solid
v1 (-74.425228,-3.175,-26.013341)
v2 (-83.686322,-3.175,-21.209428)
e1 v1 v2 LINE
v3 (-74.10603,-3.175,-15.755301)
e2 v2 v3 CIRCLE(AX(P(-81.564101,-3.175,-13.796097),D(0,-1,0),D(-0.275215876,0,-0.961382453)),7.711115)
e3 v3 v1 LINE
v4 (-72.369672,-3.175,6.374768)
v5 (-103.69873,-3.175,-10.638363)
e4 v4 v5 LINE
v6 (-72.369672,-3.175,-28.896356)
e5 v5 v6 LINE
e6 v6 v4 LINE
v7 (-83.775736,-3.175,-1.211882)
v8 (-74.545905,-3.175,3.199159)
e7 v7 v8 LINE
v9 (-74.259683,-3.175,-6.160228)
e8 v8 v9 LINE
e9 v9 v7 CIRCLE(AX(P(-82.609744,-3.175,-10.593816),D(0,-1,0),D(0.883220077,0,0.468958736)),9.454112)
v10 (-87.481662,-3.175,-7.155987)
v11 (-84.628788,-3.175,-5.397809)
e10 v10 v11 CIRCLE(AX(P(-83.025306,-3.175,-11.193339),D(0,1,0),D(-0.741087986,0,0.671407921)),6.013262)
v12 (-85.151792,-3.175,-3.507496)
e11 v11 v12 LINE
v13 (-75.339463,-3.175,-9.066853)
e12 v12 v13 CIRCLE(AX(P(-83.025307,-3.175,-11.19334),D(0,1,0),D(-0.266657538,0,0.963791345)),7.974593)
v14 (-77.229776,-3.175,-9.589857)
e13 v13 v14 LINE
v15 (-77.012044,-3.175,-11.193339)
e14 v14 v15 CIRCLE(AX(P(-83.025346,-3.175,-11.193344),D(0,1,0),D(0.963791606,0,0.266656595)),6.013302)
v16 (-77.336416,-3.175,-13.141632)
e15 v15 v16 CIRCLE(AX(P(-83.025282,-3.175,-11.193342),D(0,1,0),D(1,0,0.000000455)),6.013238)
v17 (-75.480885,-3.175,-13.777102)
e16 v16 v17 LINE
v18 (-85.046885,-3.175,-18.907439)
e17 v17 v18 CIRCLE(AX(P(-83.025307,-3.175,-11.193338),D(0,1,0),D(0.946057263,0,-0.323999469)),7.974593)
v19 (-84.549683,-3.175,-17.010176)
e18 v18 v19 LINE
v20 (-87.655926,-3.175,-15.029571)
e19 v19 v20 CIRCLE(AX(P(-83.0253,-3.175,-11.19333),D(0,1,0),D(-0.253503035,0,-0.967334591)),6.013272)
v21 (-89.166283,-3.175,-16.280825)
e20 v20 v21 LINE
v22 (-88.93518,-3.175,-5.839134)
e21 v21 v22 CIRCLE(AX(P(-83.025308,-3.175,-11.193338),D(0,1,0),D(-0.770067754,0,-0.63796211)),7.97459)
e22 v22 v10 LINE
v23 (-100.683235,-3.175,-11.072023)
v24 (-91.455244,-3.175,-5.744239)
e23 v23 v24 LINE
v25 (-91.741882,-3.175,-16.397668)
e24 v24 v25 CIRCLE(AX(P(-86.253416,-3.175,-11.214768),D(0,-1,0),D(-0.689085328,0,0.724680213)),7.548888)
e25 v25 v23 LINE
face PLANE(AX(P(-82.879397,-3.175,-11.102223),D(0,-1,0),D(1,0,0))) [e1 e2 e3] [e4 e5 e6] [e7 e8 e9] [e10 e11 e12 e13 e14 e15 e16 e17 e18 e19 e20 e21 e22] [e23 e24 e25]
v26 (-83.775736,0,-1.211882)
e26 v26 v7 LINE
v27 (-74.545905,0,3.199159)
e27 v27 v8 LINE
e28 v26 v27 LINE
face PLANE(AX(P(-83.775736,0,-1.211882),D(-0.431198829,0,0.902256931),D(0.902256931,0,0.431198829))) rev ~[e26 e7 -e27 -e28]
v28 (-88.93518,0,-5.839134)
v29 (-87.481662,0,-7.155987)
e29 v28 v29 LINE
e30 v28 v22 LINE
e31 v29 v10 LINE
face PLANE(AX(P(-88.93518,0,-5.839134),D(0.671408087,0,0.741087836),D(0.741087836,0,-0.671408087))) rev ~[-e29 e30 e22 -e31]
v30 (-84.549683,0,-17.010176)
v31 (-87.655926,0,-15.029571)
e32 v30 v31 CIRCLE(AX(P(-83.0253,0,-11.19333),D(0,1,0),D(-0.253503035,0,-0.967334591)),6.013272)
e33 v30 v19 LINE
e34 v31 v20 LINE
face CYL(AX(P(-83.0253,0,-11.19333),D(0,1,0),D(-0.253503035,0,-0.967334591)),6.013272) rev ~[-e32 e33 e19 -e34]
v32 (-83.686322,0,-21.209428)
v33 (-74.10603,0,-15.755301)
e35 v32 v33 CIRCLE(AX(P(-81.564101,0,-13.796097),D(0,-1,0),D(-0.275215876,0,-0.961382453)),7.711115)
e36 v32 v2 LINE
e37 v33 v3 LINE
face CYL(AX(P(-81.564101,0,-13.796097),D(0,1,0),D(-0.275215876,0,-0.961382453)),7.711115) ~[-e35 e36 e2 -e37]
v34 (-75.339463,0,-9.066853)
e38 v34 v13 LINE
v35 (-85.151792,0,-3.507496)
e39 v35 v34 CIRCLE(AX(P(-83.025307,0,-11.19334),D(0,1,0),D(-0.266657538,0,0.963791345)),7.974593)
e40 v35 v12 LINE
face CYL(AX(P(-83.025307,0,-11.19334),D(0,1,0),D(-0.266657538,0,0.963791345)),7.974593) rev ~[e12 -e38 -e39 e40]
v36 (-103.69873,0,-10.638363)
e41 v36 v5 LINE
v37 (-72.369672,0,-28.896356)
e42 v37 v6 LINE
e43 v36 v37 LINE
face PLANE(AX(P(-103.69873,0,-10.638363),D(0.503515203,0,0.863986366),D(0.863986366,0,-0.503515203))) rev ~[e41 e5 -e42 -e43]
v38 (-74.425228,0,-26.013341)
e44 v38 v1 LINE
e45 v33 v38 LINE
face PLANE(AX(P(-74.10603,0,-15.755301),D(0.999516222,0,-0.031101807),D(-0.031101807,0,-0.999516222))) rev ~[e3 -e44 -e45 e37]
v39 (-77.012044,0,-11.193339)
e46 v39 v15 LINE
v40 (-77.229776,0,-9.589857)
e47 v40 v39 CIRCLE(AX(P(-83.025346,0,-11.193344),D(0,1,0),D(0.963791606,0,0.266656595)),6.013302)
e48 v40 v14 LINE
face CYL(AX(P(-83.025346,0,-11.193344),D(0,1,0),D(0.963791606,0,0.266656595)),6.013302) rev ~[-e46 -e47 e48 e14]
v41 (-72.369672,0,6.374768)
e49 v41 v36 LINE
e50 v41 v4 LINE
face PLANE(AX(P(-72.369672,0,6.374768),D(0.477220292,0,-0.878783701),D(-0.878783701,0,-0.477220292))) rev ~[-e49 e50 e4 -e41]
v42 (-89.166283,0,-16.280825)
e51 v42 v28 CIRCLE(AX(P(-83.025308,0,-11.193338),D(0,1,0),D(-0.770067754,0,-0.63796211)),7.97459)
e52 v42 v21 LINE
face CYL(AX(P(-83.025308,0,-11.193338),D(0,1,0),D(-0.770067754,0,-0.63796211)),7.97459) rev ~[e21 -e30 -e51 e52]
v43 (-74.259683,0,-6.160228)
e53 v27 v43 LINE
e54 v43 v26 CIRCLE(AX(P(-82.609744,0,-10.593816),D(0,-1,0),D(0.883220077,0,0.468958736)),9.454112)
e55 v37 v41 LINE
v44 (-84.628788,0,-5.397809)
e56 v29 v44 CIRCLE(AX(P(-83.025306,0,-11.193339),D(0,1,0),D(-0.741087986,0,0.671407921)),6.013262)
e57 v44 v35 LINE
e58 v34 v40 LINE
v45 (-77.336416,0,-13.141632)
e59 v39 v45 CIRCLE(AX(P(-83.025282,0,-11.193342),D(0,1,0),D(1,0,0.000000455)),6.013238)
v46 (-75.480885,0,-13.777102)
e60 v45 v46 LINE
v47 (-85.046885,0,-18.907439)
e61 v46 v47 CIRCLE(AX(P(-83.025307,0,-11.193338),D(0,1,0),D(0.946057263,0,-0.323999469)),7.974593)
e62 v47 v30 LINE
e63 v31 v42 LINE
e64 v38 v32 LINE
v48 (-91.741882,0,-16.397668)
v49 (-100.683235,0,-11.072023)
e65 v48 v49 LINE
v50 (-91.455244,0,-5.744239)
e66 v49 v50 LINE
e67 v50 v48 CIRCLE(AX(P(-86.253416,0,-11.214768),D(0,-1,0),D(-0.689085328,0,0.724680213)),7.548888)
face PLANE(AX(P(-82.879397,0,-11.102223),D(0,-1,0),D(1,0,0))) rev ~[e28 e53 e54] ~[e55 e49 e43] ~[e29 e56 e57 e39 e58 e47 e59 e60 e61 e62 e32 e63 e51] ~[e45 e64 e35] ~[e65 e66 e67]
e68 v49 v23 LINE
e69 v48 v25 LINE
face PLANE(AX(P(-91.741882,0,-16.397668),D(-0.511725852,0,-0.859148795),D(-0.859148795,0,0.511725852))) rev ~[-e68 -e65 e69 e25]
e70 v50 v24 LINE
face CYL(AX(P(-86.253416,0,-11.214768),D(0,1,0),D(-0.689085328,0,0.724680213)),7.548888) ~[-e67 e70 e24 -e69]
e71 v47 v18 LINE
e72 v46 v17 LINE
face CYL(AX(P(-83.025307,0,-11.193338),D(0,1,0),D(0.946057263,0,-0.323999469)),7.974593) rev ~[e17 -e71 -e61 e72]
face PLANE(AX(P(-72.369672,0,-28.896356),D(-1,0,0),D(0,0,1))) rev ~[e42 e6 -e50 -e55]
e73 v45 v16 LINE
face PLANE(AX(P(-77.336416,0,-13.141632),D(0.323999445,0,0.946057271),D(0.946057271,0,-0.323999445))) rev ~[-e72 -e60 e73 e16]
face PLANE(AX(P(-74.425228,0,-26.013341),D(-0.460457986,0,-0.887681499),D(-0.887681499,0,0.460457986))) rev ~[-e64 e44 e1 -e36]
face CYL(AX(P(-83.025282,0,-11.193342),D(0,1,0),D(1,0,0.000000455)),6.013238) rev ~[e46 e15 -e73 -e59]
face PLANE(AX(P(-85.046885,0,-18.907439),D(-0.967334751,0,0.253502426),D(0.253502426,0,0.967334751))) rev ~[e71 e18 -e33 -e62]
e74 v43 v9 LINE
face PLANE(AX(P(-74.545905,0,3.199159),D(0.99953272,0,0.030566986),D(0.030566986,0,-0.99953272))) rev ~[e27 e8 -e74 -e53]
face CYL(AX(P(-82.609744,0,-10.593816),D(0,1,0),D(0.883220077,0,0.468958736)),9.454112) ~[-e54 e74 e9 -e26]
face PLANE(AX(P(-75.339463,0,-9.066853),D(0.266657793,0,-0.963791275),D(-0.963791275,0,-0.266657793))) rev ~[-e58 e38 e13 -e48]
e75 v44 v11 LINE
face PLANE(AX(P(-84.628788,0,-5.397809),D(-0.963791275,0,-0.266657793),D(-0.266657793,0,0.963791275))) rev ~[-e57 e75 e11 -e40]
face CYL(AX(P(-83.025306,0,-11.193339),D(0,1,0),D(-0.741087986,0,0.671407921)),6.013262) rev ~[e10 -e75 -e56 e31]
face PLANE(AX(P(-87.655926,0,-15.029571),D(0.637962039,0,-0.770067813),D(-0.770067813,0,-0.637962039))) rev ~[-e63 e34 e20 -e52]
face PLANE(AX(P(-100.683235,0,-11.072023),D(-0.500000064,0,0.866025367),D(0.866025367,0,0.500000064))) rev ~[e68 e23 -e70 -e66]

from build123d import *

# Parameters (mm, degrees)
F1_DEPTH = 3.175


with BuildPart() as f1:
    # F0 (on Front) → F1 (new body)
    with BuildSketch(Plane.XZ):
        Polygon((-72.369672, 6.374768), (-103.69873, -10.638363), (-72.369672, -28.896356), align=None)
        with BuildLine():
            Line((-74.425228, -26.013341), (-83.686322, -21.209428))
            ThreePointArc((-83.686322, -21.209428), (-77.749039, -20.497336), (-74.10603, -15.755301))
            Line((-74.10603, -15.755301), (-74.425228, -26.013341))
        make_face(mode=Mode.SUBTRACT)
        with BuildLine():
            Line((-100.683235, -11.072023), (-91.455244, -5.744239))
            ThreePointArc((-91.455244, -5.744239), (-93.799573, -11.011734), (-91.741882, -16.397668))
            Line((-91.741882, -16.397668), (-100.683235, -11.072023))
        make_face(mode=Mode.SUBTRACT)
        with BuildLine():
            ThreePointArc((-89.166283, -16.280825), (-90.997946, -11.016883), (-88.93518, -5.839134))
            Line((-88.93518, -5.839134), (-87.481662, -7.155987))
            ThreePointArc((-87.481662, -7.155987), (-86.180176, -6.074148), (-84.628788, -5.397809))
            Line((-84.628788, -5.397809), (-85.151792, -3.507496))
            ThreePointArc((-85.151792, -3.507496), (-79.094247, -4.254975), (-75.339463, -9.066853))
            Line((-75.339463, -9.066853), (-77.229776, -9.589857))
            ThreePointArc((-77.229776, -9.589857), (-77.066726, -10.38424), (-77.012044, -11.193339))
            ThreePointArc((-77.012044, -11.193339), (-77.093691, -12.180894), (-77.336416, -13.141632))
            Line((-77.336416, -13.141632), (-75.480885, -13.777102))
            ThreePointArc((-75.480885, -13.777102), (-79.256283, -18.22104), (-85.046885, -18.907439))
            Line((-85.046885, -18.907439), (-84.549683, -17.010176))
            ThreePointArc((-84.549683, -17.010176), (-86.258214, -16.263607), (-87.655926, -15.029571))
            Line((-87.655926, -15.029571), (-89.166283, -16.280825))
        make_face(mode=Mode.SUBTRACT)
        with BuildLine():
            Line((-74.545905, 3.199159), (-74.259683, -6.160228))
            ThreePointArc((-74.259683, -6.160228), (-78.248065, -2.205969), (-83.775736, -1.211882))
            Line((-83.775736, -1.211882), (-74.545905, 3.199159))
        make_face(mode=Mode.SUBTRACT)
    extrude(amount=F1_DEPTH)


solid = f1.part
